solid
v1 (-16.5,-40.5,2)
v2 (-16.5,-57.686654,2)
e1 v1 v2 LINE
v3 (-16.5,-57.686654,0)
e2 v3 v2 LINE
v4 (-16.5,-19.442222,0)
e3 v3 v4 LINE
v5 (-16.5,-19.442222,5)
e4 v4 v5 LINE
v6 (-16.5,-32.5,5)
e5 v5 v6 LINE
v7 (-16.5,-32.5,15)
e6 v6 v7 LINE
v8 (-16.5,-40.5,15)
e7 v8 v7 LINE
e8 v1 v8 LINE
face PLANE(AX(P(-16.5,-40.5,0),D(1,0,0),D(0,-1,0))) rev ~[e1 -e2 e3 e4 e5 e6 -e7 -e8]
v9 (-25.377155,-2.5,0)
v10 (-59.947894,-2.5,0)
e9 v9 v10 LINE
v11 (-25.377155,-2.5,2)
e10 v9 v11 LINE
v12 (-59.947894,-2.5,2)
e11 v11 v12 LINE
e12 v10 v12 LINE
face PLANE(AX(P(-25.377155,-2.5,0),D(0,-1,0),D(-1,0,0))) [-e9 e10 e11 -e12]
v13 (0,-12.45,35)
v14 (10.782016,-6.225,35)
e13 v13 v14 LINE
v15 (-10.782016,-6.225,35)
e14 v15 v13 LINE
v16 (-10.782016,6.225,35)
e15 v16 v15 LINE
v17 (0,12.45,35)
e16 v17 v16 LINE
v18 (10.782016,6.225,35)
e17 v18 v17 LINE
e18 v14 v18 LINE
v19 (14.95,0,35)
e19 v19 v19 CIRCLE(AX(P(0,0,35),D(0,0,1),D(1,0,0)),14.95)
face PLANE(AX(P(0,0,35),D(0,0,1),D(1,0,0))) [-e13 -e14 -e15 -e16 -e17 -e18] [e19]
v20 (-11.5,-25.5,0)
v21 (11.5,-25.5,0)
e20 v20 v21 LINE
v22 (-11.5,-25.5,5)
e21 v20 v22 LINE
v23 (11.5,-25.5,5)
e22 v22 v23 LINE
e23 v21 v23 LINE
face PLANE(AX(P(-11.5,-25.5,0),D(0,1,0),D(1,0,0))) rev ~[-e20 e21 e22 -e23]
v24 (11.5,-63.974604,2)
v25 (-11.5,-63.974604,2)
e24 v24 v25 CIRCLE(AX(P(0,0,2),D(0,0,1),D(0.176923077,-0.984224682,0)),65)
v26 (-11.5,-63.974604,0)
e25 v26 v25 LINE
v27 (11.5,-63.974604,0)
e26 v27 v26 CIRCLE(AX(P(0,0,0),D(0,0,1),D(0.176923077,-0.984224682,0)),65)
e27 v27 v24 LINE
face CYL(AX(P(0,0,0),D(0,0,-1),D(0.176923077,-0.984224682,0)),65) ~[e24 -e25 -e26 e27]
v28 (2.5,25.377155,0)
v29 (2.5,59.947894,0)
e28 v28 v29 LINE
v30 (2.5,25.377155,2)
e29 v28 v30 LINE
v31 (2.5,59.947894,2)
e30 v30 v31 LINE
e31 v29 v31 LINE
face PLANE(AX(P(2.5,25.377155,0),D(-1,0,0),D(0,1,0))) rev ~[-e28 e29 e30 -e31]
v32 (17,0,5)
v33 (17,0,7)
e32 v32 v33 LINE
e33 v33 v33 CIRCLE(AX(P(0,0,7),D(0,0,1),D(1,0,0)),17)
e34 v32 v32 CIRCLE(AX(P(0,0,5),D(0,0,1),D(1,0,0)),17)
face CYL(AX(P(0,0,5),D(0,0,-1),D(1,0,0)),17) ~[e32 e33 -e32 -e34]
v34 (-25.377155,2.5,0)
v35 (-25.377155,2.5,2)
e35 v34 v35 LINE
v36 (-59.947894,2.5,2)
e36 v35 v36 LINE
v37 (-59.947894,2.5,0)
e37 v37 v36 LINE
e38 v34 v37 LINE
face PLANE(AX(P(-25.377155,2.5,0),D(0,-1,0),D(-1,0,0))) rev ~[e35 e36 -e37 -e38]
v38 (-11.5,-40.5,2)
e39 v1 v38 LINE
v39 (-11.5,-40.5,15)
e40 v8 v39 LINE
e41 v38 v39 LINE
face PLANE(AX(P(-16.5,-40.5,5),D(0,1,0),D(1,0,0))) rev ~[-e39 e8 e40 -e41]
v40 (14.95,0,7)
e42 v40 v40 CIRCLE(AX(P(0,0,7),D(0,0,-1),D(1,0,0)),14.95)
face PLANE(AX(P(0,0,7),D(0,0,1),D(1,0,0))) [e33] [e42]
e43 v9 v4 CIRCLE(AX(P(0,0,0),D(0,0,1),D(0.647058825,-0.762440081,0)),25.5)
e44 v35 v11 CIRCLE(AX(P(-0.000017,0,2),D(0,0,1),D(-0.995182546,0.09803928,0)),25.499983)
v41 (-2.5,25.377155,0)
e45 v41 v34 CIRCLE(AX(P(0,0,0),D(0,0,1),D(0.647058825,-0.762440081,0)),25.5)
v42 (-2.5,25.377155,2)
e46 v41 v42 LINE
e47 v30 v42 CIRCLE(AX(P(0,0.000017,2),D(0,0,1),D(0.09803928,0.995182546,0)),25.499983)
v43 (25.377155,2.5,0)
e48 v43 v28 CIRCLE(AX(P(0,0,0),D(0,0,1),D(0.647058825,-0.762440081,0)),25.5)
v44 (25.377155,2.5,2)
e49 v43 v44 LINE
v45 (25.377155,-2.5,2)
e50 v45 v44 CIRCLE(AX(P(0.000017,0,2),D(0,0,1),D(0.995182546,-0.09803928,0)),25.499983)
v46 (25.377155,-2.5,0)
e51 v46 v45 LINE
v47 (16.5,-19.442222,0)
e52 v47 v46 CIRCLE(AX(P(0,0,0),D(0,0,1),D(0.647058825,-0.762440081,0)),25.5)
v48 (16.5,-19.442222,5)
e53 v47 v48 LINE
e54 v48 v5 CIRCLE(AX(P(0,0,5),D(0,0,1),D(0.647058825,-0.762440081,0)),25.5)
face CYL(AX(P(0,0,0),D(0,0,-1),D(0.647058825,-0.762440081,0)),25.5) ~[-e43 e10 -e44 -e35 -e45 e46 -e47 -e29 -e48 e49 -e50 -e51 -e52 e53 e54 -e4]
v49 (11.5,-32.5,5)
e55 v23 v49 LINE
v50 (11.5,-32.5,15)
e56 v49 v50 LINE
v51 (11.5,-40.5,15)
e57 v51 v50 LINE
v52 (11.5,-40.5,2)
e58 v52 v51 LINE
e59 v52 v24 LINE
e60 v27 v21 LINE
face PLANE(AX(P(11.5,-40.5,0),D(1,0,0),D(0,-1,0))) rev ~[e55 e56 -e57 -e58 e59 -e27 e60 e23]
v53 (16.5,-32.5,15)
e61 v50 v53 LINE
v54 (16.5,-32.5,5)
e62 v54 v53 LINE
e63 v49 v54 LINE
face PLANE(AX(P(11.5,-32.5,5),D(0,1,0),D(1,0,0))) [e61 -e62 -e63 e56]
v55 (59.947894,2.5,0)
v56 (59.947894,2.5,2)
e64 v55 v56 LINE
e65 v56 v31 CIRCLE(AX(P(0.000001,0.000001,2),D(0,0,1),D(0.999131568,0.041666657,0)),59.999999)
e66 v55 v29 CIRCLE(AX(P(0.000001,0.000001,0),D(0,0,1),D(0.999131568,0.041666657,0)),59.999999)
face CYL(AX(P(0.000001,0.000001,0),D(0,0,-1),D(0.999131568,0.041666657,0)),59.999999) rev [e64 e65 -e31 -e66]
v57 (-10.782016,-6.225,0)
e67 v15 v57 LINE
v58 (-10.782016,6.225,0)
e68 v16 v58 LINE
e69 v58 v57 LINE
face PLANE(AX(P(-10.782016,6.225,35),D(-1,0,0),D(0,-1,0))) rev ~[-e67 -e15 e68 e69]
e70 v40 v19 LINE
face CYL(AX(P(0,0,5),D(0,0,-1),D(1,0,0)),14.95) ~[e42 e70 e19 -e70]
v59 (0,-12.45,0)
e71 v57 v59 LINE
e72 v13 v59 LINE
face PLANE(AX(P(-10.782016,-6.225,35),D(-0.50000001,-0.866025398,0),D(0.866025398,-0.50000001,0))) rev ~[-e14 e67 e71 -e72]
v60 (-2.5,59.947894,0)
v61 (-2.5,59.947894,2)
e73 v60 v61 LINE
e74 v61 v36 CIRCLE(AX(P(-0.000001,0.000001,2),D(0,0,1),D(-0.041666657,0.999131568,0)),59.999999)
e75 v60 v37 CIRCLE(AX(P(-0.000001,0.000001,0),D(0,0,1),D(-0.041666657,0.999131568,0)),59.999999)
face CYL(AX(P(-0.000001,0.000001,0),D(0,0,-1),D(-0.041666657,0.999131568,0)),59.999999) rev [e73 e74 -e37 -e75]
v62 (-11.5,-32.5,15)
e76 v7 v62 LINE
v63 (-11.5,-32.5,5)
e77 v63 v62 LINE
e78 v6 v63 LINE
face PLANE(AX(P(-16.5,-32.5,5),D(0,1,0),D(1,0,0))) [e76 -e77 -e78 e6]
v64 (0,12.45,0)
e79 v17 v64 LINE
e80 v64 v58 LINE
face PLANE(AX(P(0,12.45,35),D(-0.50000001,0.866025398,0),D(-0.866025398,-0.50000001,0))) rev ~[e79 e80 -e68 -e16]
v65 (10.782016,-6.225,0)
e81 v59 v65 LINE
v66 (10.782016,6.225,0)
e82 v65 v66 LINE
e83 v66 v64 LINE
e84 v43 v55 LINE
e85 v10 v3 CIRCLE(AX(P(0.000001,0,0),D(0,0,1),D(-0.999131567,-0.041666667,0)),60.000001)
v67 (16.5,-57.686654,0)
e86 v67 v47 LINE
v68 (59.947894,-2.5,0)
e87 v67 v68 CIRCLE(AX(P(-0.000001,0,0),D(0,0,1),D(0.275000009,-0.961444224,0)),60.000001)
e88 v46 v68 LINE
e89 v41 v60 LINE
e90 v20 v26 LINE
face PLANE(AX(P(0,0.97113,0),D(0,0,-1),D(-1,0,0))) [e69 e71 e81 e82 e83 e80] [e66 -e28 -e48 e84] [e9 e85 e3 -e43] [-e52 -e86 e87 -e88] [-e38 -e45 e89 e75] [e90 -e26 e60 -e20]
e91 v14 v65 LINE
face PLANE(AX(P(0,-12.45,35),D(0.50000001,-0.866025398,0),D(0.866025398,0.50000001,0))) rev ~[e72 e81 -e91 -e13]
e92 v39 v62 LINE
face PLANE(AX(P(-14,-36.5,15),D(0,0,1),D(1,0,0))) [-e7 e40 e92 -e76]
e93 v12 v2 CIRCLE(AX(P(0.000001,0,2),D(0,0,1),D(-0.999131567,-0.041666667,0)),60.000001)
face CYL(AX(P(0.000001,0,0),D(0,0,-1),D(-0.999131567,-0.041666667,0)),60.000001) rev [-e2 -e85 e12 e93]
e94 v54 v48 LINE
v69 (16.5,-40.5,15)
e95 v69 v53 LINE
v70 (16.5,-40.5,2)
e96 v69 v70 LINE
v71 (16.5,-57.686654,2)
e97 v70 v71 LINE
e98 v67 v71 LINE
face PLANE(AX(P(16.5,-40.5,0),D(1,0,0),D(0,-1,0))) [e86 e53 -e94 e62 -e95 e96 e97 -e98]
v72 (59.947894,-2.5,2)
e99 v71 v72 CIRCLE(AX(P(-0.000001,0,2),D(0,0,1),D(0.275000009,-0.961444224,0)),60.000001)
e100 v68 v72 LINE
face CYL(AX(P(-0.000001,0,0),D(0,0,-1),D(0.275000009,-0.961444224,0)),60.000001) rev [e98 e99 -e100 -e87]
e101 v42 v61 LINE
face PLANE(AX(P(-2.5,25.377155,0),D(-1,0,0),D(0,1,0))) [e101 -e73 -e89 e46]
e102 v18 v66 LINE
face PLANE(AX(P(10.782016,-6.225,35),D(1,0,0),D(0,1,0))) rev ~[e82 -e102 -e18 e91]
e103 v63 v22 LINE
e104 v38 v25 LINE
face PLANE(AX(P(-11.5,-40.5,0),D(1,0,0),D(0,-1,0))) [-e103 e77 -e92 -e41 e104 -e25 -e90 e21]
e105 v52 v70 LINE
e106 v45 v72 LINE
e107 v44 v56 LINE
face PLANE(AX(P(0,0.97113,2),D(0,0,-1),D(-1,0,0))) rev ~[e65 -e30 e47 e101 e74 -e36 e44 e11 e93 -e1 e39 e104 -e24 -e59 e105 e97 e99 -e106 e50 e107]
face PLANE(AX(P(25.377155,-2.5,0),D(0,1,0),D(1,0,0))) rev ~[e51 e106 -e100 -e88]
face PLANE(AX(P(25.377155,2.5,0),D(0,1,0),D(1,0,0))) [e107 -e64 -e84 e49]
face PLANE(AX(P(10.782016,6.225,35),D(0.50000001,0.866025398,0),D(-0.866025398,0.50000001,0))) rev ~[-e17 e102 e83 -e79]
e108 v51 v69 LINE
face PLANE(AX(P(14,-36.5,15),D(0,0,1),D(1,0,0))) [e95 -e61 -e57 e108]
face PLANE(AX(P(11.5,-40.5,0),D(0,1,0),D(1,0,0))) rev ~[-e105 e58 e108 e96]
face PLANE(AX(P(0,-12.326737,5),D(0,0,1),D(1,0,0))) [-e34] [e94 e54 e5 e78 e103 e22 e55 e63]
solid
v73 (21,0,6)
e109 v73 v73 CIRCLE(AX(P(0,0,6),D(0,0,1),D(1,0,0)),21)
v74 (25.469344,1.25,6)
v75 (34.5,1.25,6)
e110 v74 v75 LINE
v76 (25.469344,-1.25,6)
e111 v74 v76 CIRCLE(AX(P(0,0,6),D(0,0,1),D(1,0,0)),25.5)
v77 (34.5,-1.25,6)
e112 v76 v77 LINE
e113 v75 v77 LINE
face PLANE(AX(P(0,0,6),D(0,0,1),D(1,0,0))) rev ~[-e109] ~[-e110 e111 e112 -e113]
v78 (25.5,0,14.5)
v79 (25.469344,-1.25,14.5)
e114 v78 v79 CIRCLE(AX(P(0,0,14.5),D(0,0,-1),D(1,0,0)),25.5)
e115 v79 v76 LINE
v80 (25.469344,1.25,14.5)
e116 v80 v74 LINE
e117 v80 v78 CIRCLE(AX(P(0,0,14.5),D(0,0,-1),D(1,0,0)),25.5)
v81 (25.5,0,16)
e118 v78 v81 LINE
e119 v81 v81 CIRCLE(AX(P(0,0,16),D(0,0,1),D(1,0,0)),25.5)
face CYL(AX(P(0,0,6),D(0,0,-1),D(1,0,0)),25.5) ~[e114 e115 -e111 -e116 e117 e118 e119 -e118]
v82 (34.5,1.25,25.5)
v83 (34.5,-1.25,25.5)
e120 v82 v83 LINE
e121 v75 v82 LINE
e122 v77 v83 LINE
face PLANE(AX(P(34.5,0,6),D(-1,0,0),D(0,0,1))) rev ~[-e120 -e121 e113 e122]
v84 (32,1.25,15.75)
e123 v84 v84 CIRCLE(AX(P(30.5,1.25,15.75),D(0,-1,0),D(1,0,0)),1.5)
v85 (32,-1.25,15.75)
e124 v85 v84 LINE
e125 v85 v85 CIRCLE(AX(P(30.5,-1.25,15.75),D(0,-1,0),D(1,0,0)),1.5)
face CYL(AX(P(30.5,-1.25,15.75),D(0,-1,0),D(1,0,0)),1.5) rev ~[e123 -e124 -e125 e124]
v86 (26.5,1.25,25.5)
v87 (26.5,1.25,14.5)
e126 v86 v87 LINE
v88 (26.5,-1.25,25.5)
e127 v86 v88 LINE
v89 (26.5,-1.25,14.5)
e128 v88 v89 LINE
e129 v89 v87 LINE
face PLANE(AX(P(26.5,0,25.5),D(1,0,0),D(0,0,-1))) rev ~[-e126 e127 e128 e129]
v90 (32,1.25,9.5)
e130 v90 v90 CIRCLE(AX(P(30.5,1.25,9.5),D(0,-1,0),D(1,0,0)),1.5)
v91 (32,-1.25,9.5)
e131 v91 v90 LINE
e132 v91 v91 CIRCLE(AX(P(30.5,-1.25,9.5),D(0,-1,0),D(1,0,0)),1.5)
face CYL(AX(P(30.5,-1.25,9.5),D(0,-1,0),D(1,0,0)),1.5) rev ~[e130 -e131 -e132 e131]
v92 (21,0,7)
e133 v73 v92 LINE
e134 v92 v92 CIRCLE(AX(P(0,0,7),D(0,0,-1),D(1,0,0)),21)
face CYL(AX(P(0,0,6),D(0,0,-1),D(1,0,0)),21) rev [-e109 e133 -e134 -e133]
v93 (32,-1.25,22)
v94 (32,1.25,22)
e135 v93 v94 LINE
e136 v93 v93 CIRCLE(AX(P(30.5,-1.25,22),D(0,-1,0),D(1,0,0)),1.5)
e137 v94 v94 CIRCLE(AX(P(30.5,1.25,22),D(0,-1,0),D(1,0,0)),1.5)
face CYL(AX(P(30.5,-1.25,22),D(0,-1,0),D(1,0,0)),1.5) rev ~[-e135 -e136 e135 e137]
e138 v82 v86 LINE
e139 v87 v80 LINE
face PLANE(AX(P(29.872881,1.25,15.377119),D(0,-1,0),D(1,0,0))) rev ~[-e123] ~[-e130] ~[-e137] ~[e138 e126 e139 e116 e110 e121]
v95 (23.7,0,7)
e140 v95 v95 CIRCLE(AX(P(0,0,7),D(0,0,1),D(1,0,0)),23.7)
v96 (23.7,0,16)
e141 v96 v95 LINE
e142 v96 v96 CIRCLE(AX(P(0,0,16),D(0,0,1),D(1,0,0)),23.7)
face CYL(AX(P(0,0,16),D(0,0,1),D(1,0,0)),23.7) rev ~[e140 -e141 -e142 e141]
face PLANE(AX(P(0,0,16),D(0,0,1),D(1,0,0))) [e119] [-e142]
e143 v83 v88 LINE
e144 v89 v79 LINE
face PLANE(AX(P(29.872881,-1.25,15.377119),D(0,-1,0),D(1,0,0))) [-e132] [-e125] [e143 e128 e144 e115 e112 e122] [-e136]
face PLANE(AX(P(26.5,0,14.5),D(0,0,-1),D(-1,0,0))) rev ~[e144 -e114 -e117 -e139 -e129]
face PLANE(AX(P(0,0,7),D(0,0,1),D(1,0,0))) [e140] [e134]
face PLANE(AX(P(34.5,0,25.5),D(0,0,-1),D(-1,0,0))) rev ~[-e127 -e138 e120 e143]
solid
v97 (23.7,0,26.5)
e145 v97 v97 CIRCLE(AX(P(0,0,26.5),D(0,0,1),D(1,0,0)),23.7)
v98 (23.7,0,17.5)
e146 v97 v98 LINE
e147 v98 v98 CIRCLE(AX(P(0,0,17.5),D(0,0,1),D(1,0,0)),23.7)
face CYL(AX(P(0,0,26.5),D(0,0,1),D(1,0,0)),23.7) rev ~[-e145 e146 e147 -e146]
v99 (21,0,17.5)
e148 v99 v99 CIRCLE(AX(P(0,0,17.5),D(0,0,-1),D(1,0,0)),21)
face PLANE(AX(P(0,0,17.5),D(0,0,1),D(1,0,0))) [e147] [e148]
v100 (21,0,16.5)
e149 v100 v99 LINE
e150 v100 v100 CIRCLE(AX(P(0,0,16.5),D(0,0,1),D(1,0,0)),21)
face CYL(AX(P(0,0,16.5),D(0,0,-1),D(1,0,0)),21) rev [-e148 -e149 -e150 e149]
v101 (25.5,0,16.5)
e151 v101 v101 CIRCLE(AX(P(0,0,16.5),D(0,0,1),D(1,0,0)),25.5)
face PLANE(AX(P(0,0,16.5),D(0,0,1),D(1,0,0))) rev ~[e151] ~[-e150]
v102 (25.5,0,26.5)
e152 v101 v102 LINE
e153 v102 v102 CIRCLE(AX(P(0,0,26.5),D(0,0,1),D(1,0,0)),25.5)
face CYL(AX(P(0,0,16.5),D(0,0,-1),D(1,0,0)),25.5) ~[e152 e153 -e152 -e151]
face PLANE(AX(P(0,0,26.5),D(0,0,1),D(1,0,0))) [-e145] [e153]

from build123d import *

# Parameters (mm, degrees)
PAD_DEPTH       = 5
SKETCH002_W     = 5
SKETCH002_H     = 8
PAD001_DEPTH    = 10
SKETCH003_R     = 14.95
PAD002_DEPTH    = 30
SKETCH004_R     = 17
PAD003_DEPTH    = 2
POCKET_DEPTH    = 35.001
PAD007_DEPTH    = 2
SKETCH006_R     = 25.5
SKETCH006_R_2   = 21
PAD004_DEPTH    = 10
SKETCH007_R     = 23.7
POCKET001_DEPTH = 9
PAD006_DEPTH    = 1.25
SKETCH011_R     = 1.5
POCKET003_DEPTH = 26.751
SKETCH008_R     = 25.5
SKETCH008_R_2   = 21
PAD005_DEPTH    = 10
SKETCH009_R     = 23.7
POCKET002_DEPTH = 9


with BuildPart() as basis:
    # Sketch → Pad (new body)
    with BuildSketch(Plane.XY):
        with BuildLine():
            Line((-16.5, -19.442222), (-16.5, -40.5))
            Line((-16.5, -40.5), (-11.5, -40.5))
            Line((-11.5, -40.5), (-11.5, -25.5))
            Line((-11.5, -25.5), (11.5, -25.5))
            Line((11.5, -25.5), (11.5, -40.5))
            Line((11.5, -40.5), (16.5, -40.5))
            Line((16.5, -40.5), (16.5, -19.442222))
            ThreePointArc((16.5, -19.442222), (0, 25.5), (-16.5, -19.442222))
        make_face()
    extrude(amount=PAD_DEPTH)

    # Sketch002 (on Face10 of Pad) → Pad001 (join)
    with BuildSketch(Plane.XY.offset(5)):
        with Locations((-14, -36.5)):
            Rectangle(SKETCH002_W, SKETCH002_H)
        with Locations((14, -36.5)):
            Rectangle(SKETCH002_W, SKETCH002_H)
    extrude(amount=PAD001_DEPTH)

    # Sketch003 (on Face5 of Pad001) → Pad002 (join)
    with BuildSketch(Plane.XY.offset(5)):
        Circle(SKETCH003_R)
    extrude(amount=PAD002_DEPTH)

    # Sketch004 (on Face5 of Pad002) → Pad003 (join)
    with BuildSketch(Plane.XY.offset(5)):
        Circle(SKETCH004_R)
    extrude(amount=PAD003_DEPTH)

    # Sketch005 (on Face24 of Pad003) → Pocket (cut, through all)
    with BuildSketch(Plane.XY.offset(35)):
        Polygon((10.782016, -6.225), (10.782016, 6.225), (0, 12.45), (-10.782016, 6.225), (-10.782016, -6.225), (0, -12.45), align=None)
    extrude(amount=-POCKET_DEPTH, mode=Mode.SUBTRACT)

    # Sketch012 → Pad007 (join)
    with BuildSketch(Plane.XY):
        with BuildLine():
            ThreePointArc((16.5, -57.686654), (47.142993, -37.115202), (59.947894, -2.5))
            Line((25.377155, -2.5), (59.947894, -2.5))
            ThreePointArc((25.377155, -2.5), (25.5, 0), (25.377155, 2.5))
            Line((25.377155, 2.5), (59.947894, 2.5))
            ThreePointArc((59.947894, 2.5), (42.426407, 42.426407), (2.5, 59.947894))
            Line((2.5, 25.377155), (2.5, 59.947894))
            ThreePointArc((2.5, 25.377155), (0, 25.5), (-2.5, 25.377155))
            Line((-2.5, 25.377155), (-2.5, 59.947894))
            ThreePointArc((-2.5, 59.947894), (-42.426407, 42.426407), (-59.947894, 2.5))
            Line((-25.377155, 2.5), (-59.947894, 2.5))
            ThreePointArc((-25.377155, 2.5), (-25.5, 0), (-25.377155, -2.5))
            Line((-25.377155, -2.5), (-59.947894, -2.5))
            ThreePointArc((-59.947894, -2.5), (-47.142993, -37.115202), (-16.5, -57.686654))
            Line((-16.5, -40.5), (-16.5, -57.686654))
            Line((-16.5, -40.5), (-11.5, -40.5))
            Line((-11.5, -40.5), (-11.5, -63.974604))
            ThreePointArc((11.5, -63.974604), (0, 65), (-11.5, -63.974604))
            Line((11.5, -40.5), (11.5, -63.974604))
            Line((11.5, -40.5), (16.5, -40.5))
            Line((16.5, -40.5), (16.5, -57.686654))
        make_face()
    extrude(amount=PAD007_DEPTH)


with BuildPart() as lowerring:
    # Sketch006 (on DatumPlane) → Pad004 (new body)
    with BuildSketch(Plane.XY.offset(6)):
        Circle(SKETCH006_R)
        Circle(SKETCH006_R_2, mode=Mode.SUBTRACT)
    extrude(amount=PAD004_DEPTH)

    # Sketch007 (on Face4 of Pad004) → Pocket001 (cut)
    with BuildSketch(Plane.XY.offset(16)):
        Circle(SKETCH007_R)
    extrude(amount=-POCKET001_DEPTH, mode=Mode.SUBTRACT)

    # Sketch010 (on DatumPlane) → Pad006 (join, symmetric)
    with BuildSketch(Plane(origin=(24.5, 0, 6), x_dir=(-1, 0, 0), z_dir=(0, 1, 0))):
        Polygon((0, 0), (-10, 0), (-10, 19.5), (-2, 19.5), (-2, 8.5), (0, 8.5), align=None)
    extrude(amount=PAD006_DEPTH, both=True)

    # Sketch011 (on Face4 of Pad006) → Pocket003 (cut, through all)
    with BuildSketch(Plane(origin=(0, -1.25, 6), x_dir=(1, 0, 0), z_dir=(0, -1, 0))):
        with Locations((30.5, 16)):
            Circle(SKETCH011_R)
        with Locations((30.5, 9.75)):
            Circle(SKETCH011_R)
        with Locations((30.5, 3.5)):
            Circle(SKETCH011_R)
    extrude(amount=-POCKET003_DEPTH, mode=Mode.SUBTRACT)


with BuildPart() as upperring:
    # Sketch008 (on DatumPlane) → Pad005 (new body)
    with BuildSketch(Plane.XY.offset(16.5)):
        Circle(SKETCH008_R)
        Circle(SKETCH008_R_2, mode=Mode.SUBTRACT)
    extrude(amount=PAD005_DEPTH)

    # Sketch009 (on Face4 of Pad005) → Pocket002 (cut)
    with BuildSketch(Plane.XY.offset(26.5)):
        Circle(SKETCH009_R)
    extrude(amount=-POCKET002_DEPTH, mode=Mode.SUBTRACT)


solid = Compound([basis.part, lowerring.part, upperring.part])
